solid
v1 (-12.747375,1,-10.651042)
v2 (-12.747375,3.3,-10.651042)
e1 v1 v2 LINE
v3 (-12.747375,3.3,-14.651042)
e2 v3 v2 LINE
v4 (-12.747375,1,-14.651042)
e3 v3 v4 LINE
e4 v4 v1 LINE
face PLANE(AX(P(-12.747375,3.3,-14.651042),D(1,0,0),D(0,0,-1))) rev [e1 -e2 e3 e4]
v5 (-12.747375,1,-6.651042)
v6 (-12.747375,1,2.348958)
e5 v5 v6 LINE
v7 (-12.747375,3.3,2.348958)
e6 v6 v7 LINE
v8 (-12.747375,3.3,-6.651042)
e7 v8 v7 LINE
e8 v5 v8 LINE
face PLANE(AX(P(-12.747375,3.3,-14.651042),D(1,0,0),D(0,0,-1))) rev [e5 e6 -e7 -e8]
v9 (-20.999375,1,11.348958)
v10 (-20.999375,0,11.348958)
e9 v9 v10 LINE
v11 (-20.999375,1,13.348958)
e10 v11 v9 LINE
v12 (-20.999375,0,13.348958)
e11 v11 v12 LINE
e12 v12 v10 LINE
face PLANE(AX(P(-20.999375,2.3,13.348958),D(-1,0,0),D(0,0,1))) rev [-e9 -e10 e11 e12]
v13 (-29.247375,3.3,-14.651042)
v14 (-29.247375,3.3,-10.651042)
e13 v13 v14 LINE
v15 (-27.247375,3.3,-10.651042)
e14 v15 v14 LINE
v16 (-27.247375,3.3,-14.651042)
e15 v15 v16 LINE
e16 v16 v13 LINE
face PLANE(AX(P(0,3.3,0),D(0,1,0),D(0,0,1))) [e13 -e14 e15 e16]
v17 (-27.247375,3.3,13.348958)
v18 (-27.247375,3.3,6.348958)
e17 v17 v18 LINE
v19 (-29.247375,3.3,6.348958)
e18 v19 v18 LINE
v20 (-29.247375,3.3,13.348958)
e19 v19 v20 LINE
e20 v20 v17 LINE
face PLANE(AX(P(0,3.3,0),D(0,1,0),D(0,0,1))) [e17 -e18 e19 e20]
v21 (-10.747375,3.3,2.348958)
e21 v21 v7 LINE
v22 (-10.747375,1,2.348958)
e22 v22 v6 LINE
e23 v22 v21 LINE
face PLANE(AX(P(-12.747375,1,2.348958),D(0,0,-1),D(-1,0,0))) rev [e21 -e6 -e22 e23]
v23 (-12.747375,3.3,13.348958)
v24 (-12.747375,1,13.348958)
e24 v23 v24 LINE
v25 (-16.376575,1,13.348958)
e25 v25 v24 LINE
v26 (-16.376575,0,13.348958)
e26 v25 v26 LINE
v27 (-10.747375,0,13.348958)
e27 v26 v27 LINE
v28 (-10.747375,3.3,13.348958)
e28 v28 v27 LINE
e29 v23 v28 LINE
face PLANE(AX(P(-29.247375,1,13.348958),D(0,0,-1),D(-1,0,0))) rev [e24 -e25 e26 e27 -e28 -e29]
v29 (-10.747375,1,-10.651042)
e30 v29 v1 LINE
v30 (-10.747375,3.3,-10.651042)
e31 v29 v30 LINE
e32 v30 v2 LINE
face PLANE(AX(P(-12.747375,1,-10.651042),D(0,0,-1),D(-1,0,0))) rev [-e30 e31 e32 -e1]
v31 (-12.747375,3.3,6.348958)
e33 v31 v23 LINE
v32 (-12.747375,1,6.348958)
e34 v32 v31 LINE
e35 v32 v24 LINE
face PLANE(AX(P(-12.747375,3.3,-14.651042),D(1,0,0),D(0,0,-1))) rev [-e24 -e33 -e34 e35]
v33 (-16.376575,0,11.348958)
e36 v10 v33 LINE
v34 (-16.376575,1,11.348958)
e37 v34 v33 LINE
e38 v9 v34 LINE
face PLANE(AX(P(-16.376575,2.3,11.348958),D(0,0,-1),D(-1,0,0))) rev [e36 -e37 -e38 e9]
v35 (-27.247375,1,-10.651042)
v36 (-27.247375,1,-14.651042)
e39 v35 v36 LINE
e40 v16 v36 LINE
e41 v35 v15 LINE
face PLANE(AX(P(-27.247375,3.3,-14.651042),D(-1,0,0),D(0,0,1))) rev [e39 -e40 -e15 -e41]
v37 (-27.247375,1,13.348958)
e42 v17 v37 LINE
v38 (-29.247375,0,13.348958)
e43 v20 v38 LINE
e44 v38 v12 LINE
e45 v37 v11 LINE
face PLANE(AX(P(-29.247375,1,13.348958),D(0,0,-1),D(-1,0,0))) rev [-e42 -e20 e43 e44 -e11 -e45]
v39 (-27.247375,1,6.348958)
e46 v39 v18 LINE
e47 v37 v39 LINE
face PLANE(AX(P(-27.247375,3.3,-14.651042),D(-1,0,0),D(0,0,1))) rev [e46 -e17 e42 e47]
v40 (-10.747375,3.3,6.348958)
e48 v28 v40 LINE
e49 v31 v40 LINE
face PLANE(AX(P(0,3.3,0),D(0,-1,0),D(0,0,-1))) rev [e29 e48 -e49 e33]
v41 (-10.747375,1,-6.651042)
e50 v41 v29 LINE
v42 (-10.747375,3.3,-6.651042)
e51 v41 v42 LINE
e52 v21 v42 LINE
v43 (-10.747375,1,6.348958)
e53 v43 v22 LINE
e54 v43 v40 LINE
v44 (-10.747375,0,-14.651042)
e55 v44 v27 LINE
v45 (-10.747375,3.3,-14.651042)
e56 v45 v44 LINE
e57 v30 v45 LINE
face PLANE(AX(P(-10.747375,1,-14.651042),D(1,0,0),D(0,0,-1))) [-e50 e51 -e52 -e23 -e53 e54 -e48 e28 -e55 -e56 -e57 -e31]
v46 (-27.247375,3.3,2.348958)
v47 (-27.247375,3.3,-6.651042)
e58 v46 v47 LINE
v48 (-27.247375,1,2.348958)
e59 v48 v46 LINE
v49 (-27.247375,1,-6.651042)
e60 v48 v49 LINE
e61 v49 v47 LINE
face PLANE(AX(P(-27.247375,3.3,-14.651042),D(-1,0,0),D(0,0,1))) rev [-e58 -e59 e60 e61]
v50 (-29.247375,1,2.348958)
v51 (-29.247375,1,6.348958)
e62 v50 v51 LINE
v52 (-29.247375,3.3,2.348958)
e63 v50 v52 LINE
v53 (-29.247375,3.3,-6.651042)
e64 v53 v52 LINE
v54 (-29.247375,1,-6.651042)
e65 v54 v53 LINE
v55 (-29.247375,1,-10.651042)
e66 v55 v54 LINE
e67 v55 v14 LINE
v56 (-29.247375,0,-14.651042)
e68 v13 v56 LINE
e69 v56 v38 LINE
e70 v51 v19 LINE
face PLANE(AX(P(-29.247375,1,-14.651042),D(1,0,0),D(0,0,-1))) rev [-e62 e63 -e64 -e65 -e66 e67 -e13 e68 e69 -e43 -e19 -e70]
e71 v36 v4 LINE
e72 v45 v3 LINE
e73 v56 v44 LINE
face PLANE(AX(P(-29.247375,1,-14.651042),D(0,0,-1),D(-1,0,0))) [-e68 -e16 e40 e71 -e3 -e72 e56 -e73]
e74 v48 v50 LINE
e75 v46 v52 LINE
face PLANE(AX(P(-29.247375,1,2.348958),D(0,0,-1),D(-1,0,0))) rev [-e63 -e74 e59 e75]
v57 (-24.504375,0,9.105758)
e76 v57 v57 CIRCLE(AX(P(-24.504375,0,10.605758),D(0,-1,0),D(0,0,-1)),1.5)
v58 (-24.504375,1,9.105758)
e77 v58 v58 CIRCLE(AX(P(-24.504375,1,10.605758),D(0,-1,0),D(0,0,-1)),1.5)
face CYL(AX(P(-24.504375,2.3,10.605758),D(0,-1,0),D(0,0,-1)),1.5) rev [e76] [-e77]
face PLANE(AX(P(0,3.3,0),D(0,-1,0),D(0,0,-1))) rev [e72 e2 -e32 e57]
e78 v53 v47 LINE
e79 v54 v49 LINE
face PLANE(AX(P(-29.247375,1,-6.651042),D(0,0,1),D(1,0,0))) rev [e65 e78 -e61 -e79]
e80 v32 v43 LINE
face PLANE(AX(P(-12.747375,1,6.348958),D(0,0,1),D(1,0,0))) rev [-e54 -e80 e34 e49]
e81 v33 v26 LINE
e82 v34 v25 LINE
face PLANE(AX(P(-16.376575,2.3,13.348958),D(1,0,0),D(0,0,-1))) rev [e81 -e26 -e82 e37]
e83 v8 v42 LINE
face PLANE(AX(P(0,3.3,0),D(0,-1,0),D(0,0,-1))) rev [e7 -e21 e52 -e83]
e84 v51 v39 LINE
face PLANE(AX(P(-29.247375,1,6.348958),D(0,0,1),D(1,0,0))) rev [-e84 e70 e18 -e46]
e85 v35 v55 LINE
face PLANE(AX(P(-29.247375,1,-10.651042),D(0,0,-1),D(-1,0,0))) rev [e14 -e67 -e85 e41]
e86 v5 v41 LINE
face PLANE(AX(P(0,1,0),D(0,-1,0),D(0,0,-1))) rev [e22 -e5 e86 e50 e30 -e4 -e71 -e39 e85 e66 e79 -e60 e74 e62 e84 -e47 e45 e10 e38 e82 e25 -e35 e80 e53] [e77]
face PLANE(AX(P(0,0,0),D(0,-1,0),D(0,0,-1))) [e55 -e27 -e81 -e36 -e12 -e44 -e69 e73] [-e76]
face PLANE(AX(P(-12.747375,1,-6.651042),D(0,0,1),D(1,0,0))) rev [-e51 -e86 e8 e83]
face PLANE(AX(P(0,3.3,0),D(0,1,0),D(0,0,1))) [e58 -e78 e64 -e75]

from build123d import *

# Parameters (mm, degrees)
MAIN_BOARD_OUTLINE_W = 18.5
MAIN_BOARD_OUTLINE_H = 28
SIDE1_DEPTH          = 1
SKETCH2_W            = 2
SKETCH2_H            = 28
WALLS_DEPTH          = 2.3
SKETCH3_R            = 1.5
SCREW_HOLE_DEPTH     = 2.3
SKETCH4_W            = 4.6228
SKETCH4_H            = 2
SPI_HOLE_DEPTH       = 2.3
SKETCH5_W            = 2
SKETCH5_H            = 4
CUT_EXTRUDE3_DEPTH   = 2.3


with BuildPart() as part:
    # main board outline → side1 (new body)
    with BuildSketch(Plane(origin=(0, 0, 0), x_dir=(1, 0, 0), z_dir=(0, 1, 0))):
        with Locations((-19.997374583, 0.651042113)):
            Rectangle(MAIN_BOARD_OUTLINE_W, MAIN_BOARD_OUTLINE_H)
    extrude(amount=SIDE1_DEPTH)

    # Sketch2 → walls (add)
    with BuildSketch(Plane(origin=(0, 1, 0), x_dir=(1, 0, 0), z_dir=(0, 1, 0))):
        with Locations((-28.247374583, 0.651042113)):
            Rectangle(SKETCH2_W, SKETCH2_H)
        with Locations((-11.747374583, 0.651042113)):
            Rectangle(SKETCH2_W, SKETCH2_H)
    extrude(amount=WALLS_DEPTH)

    # Sketch3 → screw hole (cut)
    with BuildSketch(Plane(origin=(0, 0, 0), x_dir=(-1, 0, 0), z_dir=(0, -1, 0))):
        with Locations((24.504374583, -10.605757887)):
            Circle(SKETCH3_R)
    extrude(amount=-SCREW_HOLE_DEPTH, mode=Mode.SUBTRACT)

    # Sketch4 → spi hole (cut)
    with BuildSketch(Plane(origin=(0, 0, 0), x_dir=(-1, 0, 0), z_dir=(0, -1, 0))):
        with Locations((18.687974583, -12.348957887)):
            Rectangle(SKETCH4_W, SKETCH4_H)
    extrude(amount=-SPI_HOLE_DEPTH, mode=Mode.SUBTRACT)

    # Sketch5 → Cut-Extrude3 (cut)
    with BuildSketch(Plane(origin=(0, 3.3, 0), x_dir=(1, 0, 0), z_dir=(0, 1, 0))):
        with Locations((-28.247374583, 8.651042113)):
            Rectangle(SKETCH5_W, SKETCH5_H)
        with Locations((-28.247374583, -4.348957887)):
            Rectangle(SKETCH5_W, SKETCH5_H)
        with Locations((-11.747374583, 8.651042113)):
            Rectangle(SKETCH5_W, SKETCH5_H)
        with Locations((-11.747374583, -4.348957887)):
            Rectangle(SKETCH5_W, SKETCH5_H)
    extrude(amount=-CUT_EXTRUDE3_DEPTH, mode=Mode.SUBTRACT)


solid = part.part
